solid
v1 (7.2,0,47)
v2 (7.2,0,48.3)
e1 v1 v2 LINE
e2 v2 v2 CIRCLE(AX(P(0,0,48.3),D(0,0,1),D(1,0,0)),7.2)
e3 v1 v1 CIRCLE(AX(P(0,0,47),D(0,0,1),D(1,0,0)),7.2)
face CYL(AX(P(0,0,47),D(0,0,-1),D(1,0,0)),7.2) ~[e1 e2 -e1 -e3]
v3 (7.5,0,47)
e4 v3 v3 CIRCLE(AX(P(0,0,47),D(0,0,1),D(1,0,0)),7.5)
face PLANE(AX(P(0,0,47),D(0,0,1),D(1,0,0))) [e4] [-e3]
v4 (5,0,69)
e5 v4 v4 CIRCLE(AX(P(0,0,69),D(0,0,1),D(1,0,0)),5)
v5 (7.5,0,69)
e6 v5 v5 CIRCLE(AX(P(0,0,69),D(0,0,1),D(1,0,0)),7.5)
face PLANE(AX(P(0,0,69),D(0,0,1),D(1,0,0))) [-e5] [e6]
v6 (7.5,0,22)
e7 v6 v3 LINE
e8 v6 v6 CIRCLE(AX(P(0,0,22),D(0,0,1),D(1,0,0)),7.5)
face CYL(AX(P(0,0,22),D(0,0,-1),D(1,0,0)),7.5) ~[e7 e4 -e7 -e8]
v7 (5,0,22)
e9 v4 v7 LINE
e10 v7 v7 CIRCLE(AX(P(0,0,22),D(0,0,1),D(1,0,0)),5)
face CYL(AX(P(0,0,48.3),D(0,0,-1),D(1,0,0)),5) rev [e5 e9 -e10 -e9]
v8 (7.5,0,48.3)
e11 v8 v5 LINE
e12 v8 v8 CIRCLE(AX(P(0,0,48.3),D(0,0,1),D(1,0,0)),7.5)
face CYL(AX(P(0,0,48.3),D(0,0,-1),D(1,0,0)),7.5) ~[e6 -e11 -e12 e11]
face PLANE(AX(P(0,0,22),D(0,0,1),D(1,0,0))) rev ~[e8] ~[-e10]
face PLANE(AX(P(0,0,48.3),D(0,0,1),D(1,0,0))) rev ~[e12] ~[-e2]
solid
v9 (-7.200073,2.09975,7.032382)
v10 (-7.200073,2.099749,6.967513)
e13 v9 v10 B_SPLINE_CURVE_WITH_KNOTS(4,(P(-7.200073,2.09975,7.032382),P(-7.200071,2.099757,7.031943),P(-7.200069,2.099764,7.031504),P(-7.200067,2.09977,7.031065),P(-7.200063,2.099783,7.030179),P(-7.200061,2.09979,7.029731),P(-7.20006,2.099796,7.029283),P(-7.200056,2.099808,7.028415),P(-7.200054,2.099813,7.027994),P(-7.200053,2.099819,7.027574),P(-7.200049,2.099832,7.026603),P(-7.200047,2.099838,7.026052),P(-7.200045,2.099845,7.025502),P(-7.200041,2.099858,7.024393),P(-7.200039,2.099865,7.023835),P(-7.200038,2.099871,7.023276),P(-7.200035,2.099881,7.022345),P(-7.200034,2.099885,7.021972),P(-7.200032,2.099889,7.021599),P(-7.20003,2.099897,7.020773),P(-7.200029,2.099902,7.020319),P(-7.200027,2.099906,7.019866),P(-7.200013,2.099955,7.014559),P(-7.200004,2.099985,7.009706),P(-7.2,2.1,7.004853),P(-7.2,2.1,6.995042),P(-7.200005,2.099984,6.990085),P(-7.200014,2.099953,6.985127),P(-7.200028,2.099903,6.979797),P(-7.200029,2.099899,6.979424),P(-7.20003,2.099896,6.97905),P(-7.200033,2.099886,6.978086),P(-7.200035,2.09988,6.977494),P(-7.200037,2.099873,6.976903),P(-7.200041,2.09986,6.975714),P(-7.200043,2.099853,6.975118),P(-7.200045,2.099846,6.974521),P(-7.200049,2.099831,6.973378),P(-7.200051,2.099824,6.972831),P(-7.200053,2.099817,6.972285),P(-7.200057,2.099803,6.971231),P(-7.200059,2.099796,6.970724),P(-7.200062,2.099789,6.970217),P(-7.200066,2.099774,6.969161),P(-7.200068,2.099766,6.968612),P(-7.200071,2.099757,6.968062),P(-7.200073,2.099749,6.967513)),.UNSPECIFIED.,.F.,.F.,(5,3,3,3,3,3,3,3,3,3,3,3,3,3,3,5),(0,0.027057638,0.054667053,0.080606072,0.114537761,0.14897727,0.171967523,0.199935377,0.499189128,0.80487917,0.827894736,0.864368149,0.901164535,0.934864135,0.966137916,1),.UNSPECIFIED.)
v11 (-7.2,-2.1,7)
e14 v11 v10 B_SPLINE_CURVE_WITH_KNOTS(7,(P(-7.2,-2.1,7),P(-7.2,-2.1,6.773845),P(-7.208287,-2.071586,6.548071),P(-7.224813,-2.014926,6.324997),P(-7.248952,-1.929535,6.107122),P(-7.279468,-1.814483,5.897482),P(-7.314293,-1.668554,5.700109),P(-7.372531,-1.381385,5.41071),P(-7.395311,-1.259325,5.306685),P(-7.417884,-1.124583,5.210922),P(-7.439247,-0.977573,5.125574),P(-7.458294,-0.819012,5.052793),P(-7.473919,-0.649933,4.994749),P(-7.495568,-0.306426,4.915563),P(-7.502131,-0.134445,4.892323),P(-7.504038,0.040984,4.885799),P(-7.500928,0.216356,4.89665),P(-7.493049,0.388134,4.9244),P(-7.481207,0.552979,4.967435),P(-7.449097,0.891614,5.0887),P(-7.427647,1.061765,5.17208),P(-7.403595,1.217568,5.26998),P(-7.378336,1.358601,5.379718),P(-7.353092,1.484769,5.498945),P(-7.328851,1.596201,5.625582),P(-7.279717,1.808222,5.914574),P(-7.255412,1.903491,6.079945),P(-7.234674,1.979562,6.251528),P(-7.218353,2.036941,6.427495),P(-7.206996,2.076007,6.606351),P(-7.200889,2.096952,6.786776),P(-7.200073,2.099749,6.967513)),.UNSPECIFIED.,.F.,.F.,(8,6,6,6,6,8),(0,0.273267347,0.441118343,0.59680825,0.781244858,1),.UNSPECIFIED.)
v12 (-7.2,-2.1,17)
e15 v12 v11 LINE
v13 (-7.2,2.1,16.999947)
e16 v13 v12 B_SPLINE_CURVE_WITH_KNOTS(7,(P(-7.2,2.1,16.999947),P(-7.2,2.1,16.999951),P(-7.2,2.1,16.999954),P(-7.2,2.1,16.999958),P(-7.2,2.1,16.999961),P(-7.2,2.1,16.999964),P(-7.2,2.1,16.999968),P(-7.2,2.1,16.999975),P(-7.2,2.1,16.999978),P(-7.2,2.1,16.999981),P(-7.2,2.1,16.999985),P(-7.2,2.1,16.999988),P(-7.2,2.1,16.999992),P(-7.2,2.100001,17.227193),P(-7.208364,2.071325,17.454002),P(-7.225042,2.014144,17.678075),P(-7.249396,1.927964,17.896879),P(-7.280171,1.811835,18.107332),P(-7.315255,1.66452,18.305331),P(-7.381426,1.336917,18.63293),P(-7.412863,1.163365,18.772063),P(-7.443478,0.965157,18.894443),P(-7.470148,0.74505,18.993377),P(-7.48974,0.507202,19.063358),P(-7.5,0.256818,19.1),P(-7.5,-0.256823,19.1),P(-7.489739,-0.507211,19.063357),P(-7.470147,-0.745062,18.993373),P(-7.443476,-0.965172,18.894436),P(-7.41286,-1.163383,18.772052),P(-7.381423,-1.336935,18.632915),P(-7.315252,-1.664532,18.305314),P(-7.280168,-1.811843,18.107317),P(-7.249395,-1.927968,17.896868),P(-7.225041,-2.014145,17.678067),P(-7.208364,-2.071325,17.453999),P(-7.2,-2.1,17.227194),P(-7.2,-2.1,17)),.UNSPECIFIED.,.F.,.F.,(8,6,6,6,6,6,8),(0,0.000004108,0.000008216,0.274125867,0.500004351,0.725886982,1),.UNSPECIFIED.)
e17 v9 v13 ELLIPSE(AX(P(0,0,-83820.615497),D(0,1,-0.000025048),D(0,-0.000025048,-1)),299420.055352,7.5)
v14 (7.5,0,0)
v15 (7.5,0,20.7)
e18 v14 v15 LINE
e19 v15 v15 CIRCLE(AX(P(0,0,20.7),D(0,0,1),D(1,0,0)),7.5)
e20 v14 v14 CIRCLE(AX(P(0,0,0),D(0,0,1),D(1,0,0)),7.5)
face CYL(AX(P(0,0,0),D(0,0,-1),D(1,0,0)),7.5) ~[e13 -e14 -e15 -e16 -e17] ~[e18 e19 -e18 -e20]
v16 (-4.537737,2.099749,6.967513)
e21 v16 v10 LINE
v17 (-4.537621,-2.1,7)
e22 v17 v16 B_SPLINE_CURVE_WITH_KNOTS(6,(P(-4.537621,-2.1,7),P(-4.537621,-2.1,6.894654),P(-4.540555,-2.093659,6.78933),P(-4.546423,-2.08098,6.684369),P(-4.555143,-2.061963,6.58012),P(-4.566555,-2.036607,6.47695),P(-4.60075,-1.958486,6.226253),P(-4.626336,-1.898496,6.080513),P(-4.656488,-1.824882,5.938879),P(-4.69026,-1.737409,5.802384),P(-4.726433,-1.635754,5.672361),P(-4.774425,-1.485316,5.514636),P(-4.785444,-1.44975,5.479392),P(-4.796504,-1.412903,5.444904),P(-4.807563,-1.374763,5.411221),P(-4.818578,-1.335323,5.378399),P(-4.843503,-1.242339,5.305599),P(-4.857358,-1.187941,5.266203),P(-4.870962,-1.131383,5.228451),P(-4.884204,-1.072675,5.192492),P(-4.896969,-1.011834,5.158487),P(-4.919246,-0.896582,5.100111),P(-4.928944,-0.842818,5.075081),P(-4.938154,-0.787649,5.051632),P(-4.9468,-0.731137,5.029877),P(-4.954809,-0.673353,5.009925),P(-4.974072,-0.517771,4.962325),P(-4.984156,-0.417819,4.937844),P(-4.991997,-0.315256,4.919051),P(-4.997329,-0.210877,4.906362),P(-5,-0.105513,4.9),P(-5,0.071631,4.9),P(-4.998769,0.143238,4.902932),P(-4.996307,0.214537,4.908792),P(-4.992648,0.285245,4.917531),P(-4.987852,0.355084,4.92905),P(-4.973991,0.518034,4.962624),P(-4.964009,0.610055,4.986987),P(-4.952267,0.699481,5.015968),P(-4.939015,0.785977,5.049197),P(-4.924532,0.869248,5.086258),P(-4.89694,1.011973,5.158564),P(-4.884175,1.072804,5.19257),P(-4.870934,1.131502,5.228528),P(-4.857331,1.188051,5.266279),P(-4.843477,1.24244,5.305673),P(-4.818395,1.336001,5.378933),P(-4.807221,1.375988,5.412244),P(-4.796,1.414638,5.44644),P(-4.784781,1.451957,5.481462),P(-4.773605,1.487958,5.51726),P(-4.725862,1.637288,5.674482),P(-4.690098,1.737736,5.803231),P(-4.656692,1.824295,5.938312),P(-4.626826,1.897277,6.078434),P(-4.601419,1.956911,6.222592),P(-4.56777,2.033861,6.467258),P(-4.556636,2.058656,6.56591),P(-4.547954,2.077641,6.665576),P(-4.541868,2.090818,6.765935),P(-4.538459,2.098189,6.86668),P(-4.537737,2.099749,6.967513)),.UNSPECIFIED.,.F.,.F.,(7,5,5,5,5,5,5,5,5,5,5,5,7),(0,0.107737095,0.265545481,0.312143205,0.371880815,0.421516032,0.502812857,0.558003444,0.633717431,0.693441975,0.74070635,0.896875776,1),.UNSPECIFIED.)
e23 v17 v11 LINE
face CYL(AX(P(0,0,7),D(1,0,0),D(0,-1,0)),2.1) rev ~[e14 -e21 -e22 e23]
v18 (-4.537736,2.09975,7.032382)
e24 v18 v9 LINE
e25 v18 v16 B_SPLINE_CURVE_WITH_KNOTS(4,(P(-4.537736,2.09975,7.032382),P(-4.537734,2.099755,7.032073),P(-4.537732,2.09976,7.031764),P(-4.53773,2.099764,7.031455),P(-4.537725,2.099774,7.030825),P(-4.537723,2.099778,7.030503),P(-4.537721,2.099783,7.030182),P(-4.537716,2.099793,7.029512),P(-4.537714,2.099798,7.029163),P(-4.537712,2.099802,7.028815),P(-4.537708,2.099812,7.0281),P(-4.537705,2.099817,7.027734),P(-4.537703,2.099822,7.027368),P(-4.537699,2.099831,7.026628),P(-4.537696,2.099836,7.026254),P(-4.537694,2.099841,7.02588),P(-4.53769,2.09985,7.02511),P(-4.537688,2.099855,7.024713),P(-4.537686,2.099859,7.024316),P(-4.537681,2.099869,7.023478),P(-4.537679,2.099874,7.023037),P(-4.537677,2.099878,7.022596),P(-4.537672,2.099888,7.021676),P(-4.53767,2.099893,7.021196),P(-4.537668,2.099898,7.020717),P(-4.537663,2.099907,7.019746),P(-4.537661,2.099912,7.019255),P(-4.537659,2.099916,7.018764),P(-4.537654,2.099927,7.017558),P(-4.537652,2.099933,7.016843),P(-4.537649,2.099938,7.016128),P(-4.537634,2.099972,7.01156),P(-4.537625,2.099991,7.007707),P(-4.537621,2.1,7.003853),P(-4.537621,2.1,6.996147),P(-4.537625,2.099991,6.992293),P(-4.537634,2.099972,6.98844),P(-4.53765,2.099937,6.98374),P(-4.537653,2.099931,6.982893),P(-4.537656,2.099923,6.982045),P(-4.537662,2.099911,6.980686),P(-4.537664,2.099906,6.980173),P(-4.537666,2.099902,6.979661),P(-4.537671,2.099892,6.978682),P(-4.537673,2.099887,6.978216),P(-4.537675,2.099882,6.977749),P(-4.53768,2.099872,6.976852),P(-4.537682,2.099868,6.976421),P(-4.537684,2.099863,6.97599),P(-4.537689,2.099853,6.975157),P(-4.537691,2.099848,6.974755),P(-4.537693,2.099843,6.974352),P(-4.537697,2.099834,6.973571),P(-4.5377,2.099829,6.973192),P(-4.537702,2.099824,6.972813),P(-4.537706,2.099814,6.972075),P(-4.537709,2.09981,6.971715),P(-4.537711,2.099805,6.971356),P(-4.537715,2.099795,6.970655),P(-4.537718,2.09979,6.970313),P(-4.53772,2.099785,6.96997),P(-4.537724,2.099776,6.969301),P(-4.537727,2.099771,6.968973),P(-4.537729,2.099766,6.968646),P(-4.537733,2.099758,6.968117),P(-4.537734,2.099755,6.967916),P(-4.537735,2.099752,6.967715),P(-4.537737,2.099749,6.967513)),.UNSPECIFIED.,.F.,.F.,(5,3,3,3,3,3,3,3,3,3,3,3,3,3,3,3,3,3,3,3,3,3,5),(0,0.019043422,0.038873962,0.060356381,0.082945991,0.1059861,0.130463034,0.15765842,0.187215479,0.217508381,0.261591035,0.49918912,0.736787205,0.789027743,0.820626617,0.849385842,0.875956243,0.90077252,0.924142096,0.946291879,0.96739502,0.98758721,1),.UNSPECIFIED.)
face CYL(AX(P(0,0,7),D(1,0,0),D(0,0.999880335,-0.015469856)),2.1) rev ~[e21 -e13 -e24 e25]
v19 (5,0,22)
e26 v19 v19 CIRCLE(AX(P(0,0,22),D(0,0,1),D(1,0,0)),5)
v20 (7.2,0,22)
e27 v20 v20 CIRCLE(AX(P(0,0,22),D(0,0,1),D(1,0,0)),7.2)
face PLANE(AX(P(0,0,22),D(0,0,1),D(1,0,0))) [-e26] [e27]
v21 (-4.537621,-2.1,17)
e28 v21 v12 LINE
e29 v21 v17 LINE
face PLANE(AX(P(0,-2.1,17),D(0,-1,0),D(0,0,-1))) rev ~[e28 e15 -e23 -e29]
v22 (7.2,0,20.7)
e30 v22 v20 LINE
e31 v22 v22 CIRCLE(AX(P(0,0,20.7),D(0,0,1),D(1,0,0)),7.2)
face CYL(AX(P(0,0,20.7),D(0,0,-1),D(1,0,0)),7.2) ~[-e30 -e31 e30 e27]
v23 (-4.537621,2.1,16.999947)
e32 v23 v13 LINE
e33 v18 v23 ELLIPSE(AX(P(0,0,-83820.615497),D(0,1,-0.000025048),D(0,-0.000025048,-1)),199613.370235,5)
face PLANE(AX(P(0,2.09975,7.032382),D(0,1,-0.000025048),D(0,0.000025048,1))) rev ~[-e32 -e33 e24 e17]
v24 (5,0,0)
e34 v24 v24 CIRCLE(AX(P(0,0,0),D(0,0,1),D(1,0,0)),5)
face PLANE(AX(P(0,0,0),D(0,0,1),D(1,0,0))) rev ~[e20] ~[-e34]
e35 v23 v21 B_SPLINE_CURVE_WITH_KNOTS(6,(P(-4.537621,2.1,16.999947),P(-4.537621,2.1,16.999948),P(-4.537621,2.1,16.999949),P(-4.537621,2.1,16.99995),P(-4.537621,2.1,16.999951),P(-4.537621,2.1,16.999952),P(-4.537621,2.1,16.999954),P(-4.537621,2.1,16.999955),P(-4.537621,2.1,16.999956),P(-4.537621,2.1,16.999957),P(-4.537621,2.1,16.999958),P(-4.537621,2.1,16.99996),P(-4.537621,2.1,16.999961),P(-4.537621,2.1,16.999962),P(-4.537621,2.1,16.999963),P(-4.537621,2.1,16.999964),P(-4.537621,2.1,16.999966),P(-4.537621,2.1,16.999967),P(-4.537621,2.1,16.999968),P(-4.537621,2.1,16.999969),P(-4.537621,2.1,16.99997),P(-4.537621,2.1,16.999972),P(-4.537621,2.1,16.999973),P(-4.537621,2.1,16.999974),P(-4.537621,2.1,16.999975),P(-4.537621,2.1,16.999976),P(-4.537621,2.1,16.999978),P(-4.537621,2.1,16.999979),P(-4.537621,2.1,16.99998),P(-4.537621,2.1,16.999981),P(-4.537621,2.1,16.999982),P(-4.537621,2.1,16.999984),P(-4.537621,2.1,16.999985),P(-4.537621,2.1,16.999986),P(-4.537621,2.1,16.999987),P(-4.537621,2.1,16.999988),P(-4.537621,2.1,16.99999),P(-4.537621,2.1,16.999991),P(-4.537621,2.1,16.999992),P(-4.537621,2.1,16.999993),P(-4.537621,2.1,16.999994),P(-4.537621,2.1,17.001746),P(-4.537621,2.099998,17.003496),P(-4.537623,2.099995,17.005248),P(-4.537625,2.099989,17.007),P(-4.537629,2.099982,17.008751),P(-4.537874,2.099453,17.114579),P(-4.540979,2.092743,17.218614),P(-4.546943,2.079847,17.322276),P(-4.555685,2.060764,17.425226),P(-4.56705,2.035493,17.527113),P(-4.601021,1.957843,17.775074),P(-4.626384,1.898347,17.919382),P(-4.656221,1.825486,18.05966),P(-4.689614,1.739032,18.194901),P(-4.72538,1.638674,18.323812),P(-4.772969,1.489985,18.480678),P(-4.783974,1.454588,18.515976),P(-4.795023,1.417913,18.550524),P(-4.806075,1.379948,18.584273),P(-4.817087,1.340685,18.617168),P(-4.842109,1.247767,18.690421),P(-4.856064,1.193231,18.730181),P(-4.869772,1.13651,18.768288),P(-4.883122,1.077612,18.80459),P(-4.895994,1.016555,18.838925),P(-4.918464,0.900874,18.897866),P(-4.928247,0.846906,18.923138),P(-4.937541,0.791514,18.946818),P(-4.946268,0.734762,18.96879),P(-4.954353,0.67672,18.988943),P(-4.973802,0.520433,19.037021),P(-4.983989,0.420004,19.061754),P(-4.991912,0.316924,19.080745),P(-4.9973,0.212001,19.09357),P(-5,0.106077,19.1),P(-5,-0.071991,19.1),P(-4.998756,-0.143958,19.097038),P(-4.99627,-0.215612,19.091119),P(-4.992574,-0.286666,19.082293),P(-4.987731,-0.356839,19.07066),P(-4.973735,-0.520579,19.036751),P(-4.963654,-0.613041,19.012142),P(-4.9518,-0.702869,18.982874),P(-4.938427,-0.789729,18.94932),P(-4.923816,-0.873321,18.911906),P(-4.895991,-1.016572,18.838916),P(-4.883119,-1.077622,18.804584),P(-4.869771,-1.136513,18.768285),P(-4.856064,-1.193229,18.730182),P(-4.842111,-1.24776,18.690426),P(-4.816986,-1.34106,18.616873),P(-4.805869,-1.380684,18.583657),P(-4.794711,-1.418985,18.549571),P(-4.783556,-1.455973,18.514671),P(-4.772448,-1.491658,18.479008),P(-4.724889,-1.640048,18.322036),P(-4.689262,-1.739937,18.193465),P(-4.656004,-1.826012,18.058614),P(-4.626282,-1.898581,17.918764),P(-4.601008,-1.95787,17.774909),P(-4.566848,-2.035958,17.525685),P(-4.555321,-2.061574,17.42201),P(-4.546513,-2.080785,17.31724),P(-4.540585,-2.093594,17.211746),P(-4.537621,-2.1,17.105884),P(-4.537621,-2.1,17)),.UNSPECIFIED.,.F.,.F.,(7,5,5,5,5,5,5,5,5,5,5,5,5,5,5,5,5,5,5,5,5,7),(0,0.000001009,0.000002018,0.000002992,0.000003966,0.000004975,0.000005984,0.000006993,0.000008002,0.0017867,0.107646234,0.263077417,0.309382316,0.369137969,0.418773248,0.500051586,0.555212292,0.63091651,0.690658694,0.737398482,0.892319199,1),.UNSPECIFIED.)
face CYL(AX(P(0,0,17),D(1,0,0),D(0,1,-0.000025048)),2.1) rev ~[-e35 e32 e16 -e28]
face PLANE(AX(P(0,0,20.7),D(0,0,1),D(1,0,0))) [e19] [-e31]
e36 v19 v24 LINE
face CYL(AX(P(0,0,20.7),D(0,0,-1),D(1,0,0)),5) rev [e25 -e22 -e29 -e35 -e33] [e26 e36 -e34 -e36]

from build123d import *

# Parameters (mm, degrees)
F0_R      = 7.5
F0_R_2    = 5
F1_DEPTH  = 20.7
F2_R      = 7.2
F2_R_2    = 5
F3_DEPTH  = 1.3
F4_R      = 7.5
F4_R_2    = 7.2
F4_R_3    = 5
F5_DEPTH  = 25
F6_R      = 7.2
F6_R_2    = 5
F7_DEPTH  = 1.3
F8_R      = 7.5
F8_R_2    = 7.2
F8_R_3    = 5
F9_DEPTH  = 20.7
F11_DEPTH = 7.5


with BuildPart() as f1:
    # F0 (on Top) → F1 (new body)
    with BuildSketch(Plane.XY):
        Circle(F0_R)
        Circle(F0_R_2, mode=Mode.SUBTRACT)
    extrude(amount=F1_DEPTH)

    # F2 (on face) → F3 (join)
    with BuildSketch(Plane.XY.offset(20.7)):
        Circle(F2_R)
        Circle(F2_R_2, mode=Mode.SUBTRACT)
    extrude(amount=F3_DEPTH)

    # F10 (on Right) → F11 (cut)
    with BuildSketch(Plane.YZ):
        with BuildLine():
            Line((-2.1, 17), (-2.1, 7))
            ThreePointArc((-2.1, 7), (-0.016243837, 4.9000628253), (2.0997487026, 6.9675132978))
            Line((2.0997487026, 6.9675132978), (2.0997503275, 7.0323815113))
            Line((2.0997503275, 7.0323815113), (2.0999999993, 16.9999473983))
            ThreePointArc((2.0999999993, 16.9999473983), (2.63009e-05, 19.0999999998), (-2.1, 17))
        make_face()
        with BuildLine():
            Line((2.0997503275, 7.0323815113), (2.0997487026, 6.9675132978))
            ThreePointArc((2.0997487026, 6.9675132978), (2.0999999993, 6.9999473983), (2.0997503275, 7.0323815113))
        make_face()
    extrude(amount=-F11_DEPTH, mode=Mode.SUBTRACT)


with BuildPart() as f5:
    # F4 (on face) → F5 (new body)
    with BuildSketch(Plane.XY.offset(22)):
        Circle(F4_R)
        Circle(F4_R_2, mode=Mode.SUBTRACT)
        Circle(F4_R_2)
        Circle(F4_R_3, mode=Mode.SUBTRACT)
    extrude(amount=F5_DEPTH)

    # F6 (on face) → F7 (join)
    with BuildSketch(Plane.XY.offset(47)):
        Circle(F6_R)
        Circle(F6_R_2, mode=Mode.SUBTRACT)
    extrude(amount=F7_DEPTH)

    # F8 (on face) → F9 (join)
    with BuildSketch(Plane.XY.offset(48.3)):
        Circle(F8_R)
        Circle(F8_R_2, mode=Mode.SUBTRACT)
        Circle(F8_R_2)
        Circle(F8_R_3, mode=Mode.SUBTRACT)
    extrude(amount=F9_DEPTH)


solid = Compound([f1.part, f5.part])
